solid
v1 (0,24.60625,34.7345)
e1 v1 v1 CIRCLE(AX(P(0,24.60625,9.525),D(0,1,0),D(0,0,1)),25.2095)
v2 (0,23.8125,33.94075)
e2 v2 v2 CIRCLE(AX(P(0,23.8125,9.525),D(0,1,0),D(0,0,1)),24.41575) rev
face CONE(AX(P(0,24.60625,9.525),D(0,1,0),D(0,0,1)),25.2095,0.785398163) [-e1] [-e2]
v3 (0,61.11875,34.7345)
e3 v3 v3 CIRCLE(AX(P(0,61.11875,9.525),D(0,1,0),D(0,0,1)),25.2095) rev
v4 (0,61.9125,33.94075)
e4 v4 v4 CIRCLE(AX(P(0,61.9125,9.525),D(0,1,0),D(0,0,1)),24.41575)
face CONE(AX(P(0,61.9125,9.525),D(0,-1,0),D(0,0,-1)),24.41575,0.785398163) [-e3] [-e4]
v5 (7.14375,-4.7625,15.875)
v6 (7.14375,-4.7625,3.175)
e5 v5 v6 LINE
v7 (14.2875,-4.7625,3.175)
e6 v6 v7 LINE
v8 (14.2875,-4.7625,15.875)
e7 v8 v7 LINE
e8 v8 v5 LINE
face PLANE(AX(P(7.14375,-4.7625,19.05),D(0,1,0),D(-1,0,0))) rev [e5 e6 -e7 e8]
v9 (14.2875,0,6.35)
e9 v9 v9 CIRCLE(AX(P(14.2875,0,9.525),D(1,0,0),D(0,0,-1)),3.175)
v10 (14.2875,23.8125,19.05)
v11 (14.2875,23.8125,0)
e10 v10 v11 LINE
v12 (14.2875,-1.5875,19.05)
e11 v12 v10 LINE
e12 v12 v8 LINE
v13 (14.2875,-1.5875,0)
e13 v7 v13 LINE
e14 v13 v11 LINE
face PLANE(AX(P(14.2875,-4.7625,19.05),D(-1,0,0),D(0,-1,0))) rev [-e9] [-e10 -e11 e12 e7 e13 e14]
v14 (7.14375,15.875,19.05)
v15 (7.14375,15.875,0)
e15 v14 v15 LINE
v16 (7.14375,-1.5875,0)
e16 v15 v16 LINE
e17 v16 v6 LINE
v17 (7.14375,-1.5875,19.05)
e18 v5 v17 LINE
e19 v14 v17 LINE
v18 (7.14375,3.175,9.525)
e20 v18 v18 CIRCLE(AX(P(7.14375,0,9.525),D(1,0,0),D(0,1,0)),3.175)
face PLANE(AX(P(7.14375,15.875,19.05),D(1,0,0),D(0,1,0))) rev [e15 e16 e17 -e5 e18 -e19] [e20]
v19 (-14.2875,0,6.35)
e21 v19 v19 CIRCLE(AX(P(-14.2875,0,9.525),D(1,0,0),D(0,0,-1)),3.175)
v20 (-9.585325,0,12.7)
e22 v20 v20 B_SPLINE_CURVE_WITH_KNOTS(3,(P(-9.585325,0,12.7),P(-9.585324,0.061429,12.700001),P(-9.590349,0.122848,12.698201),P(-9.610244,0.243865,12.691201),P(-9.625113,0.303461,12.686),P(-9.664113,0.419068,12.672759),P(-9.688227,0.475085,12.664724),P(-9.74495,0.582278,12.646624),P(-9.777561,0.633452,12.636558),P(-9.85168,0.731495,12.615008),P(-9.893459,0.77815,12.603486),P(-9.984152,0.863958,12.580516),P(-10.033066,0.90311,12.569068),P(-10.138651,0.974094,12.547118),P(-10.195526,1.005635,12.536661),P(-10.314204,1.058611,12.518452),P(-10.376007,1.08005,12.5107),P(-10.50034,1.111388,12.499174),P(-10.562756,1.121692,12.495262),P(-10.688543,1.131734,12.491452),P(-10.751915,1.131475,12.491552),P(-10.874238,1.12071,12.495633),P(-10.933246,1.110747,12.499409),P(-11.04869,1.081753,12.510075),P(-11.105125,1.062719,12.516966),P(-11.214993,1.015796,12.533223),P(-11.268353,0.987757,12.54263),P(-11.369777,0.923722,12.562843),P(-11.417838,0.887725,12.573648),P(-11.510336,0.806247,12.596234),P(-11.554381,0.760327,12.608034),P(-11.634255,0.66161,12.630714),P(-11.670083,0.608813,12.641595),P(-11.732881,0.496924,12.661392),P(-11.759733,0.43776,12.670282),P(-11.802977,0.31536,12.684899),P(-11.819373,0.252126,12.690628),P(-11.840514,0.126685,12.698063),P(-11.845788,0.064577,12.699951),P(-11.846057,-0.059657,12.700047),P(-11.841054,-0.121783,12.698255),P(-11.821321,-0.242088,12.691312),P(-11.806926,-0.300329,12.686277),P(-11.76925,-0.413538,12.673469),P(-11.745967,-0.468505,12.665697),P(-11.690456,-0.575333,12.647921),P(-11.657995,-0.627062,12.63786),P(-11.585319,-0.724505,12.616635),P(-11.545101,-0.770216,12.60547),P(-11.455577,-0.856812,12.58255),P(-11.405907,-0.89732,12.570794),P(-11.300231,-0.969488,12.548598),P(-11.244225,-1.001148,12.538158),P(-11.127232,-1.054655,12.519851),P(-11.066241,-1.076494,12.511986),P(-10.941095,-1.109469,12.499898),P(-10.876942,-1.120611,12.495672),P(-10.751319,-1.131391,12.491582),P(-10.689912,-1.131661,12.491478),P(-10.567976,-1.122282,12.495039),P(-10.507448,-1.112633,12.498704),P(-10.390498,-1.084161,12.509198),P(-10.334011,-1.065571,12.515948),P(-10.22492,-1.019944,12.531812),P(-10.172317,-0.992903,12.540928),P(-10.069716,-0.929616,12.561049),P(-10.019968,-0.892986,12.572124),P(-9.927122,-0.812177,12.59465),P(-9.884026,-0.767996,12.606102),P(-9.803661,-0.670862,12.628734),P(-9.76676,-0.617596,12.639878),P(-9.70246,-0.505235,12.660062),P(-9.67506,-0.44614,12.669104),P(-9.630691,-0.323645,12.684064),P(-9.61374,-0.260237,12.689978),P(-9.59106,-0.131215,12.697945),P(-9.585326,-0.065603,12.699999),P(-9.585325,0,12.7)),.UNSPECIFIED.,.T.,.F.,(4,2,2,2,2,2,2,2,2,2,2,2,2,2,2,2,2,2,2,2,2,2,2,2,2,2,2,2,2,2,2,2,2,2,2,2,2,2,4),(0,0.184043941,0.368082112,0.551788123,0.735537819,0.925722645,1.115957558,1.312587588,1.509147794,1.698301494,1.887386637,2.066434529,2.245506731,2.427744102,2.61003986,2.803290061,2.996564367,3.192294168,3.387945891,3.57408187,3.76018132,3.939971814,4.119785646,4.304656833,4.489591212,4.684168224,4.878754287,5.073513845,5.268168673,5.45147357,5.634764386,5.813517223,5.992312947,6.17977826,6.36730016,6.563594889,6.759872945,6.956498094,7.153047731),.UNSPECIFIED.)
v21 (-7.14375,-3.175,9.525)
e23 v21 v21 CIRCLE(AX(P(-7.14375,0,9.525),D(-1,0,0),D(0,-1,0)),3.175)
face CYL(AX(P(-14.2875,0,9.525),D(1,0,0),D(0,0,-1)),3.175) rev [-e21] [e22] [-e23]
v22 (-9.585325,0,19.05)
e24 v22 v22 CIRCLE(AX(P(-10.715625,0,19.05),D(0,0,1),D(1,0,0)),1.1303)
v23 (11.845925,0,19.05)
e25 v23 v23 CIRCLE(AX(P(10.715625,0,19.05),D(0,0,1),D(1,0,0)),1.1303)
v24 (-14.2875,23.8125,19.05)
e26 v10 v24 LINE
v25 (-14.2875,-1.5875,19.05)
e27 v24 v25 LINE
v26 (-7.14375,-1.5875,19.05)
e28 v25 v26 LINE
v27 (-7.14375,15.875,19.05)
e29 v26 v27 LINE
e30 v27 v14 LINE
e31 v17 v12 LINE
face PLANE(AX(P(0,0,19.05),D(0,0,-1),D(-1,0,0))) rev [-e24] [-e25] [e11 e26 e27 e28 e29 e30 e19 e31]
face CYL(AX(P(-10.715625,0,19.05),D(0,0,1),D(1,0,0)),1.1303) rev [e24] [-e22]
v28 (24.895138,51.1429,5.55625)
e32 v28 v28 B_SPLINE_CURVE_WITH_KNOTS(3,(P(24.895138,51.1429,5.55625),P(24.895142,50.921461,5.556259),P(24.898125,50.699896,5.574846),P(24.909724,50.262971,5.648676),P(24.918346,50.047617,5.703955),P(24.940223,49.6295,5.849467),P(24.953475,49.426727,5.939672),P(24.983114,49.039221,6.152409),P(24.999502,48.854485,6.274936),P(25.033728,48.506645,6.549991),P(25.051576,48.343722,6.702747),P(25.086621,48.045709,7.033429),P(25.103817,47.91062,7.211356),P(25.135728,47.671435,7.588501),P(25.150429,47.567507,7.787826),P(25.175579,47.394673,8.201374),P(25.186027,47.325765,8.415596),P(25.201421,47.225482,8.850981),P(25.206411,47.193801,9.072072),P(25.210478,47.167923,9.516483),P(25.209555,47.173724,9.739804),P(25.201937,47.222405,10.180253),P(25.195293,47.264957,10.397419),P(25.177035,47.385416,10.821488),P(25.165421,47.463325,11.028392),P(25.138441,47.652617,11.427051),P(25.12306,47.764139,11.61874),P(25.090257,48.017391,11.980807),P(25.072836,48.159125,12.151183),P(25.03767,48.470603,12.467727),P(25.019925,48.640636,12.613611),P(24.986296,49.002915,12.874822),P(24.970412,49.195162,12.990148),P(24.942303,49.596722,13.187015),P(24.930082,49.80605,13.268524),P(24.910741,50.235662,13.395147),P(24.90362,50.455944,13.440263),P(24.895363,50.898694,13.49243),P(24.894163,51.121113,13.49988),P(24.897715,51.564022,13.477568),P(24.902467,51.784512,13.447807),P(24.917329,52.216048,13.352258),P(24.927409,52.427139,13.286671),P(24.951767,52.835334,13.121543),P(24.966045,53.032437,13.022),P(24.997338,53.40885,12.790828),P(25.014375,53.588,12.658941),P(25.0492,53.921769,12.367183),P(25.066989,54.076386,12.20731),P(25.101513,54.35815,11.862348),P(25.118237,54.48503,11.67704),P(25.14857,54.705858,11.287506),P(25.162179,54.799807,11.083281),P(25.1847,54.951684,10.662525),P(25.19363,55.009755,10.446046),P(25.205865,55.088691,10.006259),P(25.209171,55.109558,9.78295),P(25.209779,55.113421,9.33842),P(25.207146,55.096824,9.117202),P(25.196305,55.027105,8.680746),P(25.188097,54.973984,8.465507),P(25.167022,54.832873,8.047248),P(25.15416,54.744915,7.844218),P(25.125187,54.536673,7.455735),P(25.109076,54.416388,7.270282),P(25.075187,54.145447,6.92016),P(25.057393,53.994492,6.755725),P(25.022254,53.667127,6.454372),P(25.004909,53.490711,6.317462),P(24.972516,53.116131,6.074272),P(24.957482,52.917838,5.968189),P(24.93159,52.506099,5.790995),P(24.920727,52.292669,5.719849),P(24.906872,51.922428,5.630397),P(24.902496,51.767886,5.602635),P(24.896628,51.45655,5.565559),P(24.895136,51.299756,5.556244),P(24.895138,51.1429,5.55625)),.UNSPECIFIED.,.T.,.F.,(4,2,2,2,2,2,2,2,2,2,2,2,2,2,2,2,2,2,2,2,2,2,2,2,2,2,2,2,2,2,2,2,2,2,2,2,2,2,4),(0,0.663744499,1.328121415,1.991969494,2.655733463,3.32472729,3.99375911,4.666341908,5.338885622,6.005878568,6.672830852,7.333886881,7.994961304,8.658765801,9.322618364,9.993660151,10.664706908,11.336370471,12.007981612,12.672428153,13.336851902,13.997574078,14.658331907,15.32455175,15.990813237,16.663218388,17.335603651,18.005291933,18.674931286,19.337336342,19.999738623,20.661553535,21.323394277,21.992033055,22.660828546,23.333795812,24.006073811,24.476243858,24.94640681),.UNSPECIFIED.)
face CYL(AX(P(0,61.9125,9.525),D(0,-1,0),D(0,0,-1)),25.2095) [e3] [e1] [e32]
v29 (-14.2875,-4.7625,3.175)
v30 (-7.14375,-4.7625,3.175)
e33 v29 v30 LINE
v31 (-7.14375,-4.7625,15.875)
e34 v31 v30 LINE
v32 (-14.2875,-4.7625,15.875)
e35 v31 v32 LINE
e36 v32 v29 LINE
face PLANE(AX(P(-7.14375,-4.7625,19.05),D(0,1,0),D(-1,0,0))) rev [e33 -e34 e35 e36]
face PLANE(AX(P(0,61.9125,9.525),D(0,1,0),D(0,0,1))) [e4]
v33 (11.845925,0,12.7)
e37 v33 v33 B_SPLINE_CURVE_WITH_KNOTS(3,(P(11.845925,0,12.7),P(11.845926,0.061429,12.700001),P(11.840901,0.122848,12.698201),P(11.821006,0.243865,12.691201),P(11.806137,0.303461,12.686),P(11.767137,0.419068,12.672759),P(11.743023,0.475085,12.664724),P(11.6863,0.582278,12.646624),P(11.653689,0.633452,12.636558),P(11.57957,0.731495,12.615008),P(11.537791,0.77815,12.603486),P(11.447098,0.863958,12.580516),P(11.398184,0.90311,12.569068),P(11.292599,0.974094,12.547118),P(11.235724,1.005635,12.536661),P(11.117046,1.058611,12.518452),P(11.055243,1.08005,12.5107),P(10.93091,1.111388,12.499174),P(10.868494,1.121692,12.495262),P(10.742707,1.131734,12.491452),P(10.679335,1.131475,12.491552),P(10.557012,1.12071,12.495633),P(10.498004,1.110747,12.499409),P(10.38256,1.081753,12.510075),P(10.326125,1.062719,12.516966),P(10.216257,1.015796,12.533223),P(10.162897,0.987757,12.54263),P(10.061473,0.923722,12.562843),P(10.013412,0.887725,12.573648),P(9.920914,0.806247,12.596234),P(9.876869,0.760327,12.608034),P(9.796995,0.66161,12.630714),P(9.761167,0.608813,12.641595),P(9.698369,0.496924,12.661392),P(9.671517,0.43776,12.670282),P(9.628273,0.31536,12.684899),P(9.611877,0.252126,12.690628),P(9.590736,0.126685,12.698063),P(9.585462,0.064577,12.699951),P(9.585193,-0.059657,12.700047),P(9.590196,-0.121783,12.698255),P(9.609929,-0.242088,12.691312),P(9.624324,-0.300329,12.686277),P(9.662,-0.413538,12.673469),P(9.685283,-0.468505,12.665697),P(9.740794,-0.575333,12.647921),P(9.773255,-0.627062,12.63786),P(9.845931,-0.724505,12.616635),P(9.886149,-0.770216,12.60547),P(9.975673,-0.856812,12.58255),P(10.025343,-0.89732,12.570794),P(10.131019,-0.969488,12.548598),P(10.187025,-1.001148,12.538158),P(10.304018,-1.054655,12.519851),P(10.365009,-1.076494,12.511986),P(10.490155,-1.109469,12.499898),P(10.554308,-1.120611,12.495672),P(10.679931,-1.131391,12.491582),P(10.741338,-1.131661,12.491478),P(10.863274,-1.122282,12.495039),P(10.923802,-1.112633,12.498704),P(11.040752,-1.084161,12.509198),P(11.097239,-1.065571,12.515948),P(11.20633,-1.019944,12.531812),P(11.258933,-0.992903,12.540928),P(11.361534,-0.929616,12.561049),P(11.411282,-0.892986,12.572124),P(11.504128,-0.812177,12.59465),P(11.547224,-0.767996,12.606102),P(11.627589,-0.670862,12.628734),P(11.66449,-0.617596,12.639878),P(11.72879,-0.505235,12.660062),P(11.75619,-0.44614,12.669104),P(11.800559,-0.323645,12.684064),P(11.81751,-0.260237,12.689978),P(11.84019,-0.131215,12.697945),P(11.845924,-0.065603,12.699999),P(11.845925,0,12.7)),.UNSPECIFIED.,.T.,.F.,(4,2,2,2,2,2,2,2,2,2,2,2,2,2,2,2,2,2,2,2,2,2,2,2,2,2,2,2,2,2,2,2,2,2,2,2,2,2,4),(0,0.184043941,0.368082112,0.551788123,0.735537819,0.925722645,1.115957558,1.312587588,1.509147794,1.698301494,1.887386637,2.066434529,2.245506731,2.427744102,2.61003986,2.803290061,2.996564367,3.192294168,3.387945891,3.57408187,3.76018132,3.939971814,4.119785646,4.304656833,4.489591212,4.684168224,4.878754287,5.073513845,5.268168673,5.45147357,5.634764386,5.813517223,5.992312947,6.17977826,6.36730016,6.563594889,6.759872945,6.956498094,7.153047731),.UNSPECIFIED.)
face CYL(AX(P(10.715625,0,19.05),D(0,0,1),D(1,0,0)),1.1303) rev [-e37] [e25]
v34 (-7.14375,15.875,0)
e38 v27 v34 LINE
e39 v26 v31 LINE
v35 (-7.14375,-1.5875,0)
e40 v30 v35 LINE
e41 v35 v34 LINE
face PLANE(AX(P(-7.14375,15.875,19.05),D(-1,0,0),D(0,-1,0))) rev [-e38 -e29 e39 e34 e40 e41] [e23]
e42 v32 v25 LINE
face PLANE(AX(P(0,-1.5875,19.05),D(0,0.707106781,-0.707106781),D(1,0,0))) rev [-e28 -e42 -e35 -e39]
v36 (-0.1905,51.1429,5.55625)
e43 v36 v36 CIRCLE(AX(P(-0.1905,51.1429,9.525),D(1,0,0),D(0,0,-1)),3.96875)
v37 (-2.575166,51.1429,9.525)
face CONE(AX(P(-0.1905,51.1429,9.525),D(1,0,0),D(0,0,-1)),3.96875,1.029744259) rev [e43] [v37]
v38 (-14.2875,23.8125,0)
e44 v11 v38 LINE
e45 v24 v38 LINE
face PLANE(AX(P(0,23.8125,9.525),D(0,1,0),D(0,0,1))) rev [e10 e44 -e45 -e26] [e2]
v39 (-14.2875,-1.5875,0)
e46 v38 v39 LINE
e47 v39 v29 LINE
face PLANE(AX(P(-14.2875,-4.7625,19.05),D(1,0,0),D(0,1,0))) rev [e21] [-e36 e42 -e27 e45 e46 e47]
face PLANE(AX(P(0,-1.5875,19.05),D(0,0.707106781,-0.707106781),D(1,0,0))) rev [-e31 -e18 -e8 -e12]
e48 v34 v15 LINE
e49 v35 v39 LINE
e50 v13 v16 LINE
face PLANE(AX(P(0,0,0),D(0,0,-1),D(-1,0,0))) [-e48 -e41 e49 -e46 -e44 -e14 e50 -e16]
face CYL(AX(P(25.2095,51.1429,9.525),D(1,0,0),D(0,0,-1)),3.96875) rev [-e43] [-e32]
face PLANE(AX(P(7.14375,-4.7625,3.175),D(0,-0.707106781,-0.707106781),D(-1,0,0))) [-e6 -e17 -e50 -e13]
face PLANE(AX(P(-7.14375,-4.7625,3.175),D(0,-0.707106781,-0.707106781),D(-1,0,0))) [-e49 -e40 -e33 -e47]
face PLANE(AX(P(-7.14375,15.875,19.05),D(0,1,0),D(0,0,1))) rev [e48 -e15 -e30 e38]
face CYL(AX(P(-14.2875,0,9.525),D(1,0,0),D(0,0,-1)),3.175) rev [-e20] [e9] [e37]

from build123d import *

# Parameters (mm, degrees)
BOSS_EXTRUDE1_DEPTH         = 19.05
SKETCH2_R                   = 3.175
CUT_EXTRUDE1_DEPTH          = 42.790767895
CHAMFER1_SIZE               = 3.175
SKETCH3_R                   = 25.2095
BOSS_EXTRUDE2_DEPTH         = 38.1
CHAMFER2_SIZE               = 0.79375
F_4_40_TAPPED_HOLE1_REACH   = 77.334
F_4_40_TAPPED_HOLE1_BORE_R  = 1.1303
F_3_8_16_TAPPED_HOLE1_D     = 7.9375
F_3_8_16_TAPPED_HOLE1_DEPTH = 25.4
F_3_8_16_TAPPED_HOLE1_TIP   = 2.384665582


with BuildPart() as part:
    # Sketch1 → Boss-Extrude1 (new body)
    with BuildSketch(Plane.XY):
        Polygon((-7.14375, 15.875), (-7.14375, -4.7625), (-14.2875, -4.7625), (-14.2875, 23.8125), (14.2875, 23.8125), (14.2875, -4.7625), (7.14375, -4.7625), (7.14375, 15.875), align=None)
    extrude(amount=BOSS_EXTRUDE1_DEPTH)

    # Sketch2 → Cut-Extrude1 (cut, through all)
    with BuildSketch(Plane(origin=(14.2875, 0, 0), x_dir=(0, 0, -1), z_dir=(1, 0, 0))):
        with Locations((-9.525, 0)):
            Circle(SKETCH2_R)
    extrude(amount=-CUT_EXTRUDE1_DEPTH, mode=Mode.SUBTRACT)

    # Chamfer1
    chamfer1_edges = [part.edges().sort_by_distance(p)[0] for p in [
        (10.715625, -4.7625, 19.05),
        (-10.715625, -4.7625, 19.05),
        (-10.715625, -4.7625, 0),
        (10.715625, -4.7625, 0),
    ]]
    chamfer(chamfer1_edges, length=CHAMFER1_SIZE)

    # Sketch3 → Boss-Extrude2 (add)
    with BuildSketch(Plane(origin=(0, 23.8125, 0), x_dir=(1, 0, 0), z_dir=(0, 1, 0))):
        with Locations(Location((0, -9.525, 0), (0, 0, 90))):
            Circle(SKETCH3_R)
    extrude(amount=BOSS_EXTRUDE2_DEPTH)

    # Chamfer2
    chamfer2_edges = [part.edges().sort_by_distance(p)[0] for p in [
        (0, 23.8125, 34.7345),
        (0, 61.9125, 34.7345),
    ]]
    chamfer(chamfer2_edges, length=CHAMFER2_SIZE)

    # #4-40 Tapped Hole1 bore → #4-40 Tapped Hole1 (cut, up to next)
    with BuildSketch(Plane.XY.offset(19.05), mode=Mode.PRIVATE) as f_4_40_tapped_hole1_sk1:
        with Locations((-10.715625, 0)):
            Circle(F_4_40_TAPPED_HOLE1_BORE_R)
    f_4_40_tapped_hole1_tool1 = extrude(f_4_40_tapped_hole1_sk1.sketch, amount=-F_4_40_TAPPED_HOLE1_REACH, mode=Mode.PRIVATE) & part.part
    # #4-40 Tapped Hole1 bore → #4-40 Tapped Hole1 (cut, up to next)
    with BuildSketch(Plane.XY.offset(19.05), mode=Mode.PRIVATE) as f_4_40_tapped_hole1_sk2:
        with Locations((10.715625, 0)):
            Circle(F_4_40_TAPPED_HOLE1_BORE_R)
    f_4_40_tapped_hole1_tool2 = extrude(f_4_40_tapped_hole1_sk2.sketch, amount=-F_4_40_TAPPED_HOLE1_REACH, mode=Mode.PRIVATE) & part.part
    add(f_4_40_tapped_hole1_tool1.solids().sort_by_distance((-10.715625, 0, 19.05))[0], mode=Mode.SUBTRACT)
    add(f_4_40_tapped_hole1_tool2.solids().sort_by_distance((10.715625, 0, 19.05))[0], mode=Mode.SUBTRACT)

    # 3/8-16 Tapped Hole1
    with Locations(Plane(origin=(25.2095, 0, 0), x_dir=(0, 0, -1), z_dir=(1, 0, 0))):
        with Locations((-9.525, 51.1429)):
            Hole(F_3_8_16_TAPPED_HOLE1_D / 2, depth=F_3_8_16_TAPPED_HOLE1_DEPTH)
            with Locations((0, 0, -(F_3_8_16_TAPPED_HOLE1_DEPTH + F_3_8_16_TAPPED_HOLE1_TIP / 2))):  # 118° drill point
                Cone(0, F_3_8_16_TAPPED_HOLE1_D / 2, F_3_8_16_TAPPED_HOLE1_TIP, mode=Mode.SUBTRACT)


solid = part.part
